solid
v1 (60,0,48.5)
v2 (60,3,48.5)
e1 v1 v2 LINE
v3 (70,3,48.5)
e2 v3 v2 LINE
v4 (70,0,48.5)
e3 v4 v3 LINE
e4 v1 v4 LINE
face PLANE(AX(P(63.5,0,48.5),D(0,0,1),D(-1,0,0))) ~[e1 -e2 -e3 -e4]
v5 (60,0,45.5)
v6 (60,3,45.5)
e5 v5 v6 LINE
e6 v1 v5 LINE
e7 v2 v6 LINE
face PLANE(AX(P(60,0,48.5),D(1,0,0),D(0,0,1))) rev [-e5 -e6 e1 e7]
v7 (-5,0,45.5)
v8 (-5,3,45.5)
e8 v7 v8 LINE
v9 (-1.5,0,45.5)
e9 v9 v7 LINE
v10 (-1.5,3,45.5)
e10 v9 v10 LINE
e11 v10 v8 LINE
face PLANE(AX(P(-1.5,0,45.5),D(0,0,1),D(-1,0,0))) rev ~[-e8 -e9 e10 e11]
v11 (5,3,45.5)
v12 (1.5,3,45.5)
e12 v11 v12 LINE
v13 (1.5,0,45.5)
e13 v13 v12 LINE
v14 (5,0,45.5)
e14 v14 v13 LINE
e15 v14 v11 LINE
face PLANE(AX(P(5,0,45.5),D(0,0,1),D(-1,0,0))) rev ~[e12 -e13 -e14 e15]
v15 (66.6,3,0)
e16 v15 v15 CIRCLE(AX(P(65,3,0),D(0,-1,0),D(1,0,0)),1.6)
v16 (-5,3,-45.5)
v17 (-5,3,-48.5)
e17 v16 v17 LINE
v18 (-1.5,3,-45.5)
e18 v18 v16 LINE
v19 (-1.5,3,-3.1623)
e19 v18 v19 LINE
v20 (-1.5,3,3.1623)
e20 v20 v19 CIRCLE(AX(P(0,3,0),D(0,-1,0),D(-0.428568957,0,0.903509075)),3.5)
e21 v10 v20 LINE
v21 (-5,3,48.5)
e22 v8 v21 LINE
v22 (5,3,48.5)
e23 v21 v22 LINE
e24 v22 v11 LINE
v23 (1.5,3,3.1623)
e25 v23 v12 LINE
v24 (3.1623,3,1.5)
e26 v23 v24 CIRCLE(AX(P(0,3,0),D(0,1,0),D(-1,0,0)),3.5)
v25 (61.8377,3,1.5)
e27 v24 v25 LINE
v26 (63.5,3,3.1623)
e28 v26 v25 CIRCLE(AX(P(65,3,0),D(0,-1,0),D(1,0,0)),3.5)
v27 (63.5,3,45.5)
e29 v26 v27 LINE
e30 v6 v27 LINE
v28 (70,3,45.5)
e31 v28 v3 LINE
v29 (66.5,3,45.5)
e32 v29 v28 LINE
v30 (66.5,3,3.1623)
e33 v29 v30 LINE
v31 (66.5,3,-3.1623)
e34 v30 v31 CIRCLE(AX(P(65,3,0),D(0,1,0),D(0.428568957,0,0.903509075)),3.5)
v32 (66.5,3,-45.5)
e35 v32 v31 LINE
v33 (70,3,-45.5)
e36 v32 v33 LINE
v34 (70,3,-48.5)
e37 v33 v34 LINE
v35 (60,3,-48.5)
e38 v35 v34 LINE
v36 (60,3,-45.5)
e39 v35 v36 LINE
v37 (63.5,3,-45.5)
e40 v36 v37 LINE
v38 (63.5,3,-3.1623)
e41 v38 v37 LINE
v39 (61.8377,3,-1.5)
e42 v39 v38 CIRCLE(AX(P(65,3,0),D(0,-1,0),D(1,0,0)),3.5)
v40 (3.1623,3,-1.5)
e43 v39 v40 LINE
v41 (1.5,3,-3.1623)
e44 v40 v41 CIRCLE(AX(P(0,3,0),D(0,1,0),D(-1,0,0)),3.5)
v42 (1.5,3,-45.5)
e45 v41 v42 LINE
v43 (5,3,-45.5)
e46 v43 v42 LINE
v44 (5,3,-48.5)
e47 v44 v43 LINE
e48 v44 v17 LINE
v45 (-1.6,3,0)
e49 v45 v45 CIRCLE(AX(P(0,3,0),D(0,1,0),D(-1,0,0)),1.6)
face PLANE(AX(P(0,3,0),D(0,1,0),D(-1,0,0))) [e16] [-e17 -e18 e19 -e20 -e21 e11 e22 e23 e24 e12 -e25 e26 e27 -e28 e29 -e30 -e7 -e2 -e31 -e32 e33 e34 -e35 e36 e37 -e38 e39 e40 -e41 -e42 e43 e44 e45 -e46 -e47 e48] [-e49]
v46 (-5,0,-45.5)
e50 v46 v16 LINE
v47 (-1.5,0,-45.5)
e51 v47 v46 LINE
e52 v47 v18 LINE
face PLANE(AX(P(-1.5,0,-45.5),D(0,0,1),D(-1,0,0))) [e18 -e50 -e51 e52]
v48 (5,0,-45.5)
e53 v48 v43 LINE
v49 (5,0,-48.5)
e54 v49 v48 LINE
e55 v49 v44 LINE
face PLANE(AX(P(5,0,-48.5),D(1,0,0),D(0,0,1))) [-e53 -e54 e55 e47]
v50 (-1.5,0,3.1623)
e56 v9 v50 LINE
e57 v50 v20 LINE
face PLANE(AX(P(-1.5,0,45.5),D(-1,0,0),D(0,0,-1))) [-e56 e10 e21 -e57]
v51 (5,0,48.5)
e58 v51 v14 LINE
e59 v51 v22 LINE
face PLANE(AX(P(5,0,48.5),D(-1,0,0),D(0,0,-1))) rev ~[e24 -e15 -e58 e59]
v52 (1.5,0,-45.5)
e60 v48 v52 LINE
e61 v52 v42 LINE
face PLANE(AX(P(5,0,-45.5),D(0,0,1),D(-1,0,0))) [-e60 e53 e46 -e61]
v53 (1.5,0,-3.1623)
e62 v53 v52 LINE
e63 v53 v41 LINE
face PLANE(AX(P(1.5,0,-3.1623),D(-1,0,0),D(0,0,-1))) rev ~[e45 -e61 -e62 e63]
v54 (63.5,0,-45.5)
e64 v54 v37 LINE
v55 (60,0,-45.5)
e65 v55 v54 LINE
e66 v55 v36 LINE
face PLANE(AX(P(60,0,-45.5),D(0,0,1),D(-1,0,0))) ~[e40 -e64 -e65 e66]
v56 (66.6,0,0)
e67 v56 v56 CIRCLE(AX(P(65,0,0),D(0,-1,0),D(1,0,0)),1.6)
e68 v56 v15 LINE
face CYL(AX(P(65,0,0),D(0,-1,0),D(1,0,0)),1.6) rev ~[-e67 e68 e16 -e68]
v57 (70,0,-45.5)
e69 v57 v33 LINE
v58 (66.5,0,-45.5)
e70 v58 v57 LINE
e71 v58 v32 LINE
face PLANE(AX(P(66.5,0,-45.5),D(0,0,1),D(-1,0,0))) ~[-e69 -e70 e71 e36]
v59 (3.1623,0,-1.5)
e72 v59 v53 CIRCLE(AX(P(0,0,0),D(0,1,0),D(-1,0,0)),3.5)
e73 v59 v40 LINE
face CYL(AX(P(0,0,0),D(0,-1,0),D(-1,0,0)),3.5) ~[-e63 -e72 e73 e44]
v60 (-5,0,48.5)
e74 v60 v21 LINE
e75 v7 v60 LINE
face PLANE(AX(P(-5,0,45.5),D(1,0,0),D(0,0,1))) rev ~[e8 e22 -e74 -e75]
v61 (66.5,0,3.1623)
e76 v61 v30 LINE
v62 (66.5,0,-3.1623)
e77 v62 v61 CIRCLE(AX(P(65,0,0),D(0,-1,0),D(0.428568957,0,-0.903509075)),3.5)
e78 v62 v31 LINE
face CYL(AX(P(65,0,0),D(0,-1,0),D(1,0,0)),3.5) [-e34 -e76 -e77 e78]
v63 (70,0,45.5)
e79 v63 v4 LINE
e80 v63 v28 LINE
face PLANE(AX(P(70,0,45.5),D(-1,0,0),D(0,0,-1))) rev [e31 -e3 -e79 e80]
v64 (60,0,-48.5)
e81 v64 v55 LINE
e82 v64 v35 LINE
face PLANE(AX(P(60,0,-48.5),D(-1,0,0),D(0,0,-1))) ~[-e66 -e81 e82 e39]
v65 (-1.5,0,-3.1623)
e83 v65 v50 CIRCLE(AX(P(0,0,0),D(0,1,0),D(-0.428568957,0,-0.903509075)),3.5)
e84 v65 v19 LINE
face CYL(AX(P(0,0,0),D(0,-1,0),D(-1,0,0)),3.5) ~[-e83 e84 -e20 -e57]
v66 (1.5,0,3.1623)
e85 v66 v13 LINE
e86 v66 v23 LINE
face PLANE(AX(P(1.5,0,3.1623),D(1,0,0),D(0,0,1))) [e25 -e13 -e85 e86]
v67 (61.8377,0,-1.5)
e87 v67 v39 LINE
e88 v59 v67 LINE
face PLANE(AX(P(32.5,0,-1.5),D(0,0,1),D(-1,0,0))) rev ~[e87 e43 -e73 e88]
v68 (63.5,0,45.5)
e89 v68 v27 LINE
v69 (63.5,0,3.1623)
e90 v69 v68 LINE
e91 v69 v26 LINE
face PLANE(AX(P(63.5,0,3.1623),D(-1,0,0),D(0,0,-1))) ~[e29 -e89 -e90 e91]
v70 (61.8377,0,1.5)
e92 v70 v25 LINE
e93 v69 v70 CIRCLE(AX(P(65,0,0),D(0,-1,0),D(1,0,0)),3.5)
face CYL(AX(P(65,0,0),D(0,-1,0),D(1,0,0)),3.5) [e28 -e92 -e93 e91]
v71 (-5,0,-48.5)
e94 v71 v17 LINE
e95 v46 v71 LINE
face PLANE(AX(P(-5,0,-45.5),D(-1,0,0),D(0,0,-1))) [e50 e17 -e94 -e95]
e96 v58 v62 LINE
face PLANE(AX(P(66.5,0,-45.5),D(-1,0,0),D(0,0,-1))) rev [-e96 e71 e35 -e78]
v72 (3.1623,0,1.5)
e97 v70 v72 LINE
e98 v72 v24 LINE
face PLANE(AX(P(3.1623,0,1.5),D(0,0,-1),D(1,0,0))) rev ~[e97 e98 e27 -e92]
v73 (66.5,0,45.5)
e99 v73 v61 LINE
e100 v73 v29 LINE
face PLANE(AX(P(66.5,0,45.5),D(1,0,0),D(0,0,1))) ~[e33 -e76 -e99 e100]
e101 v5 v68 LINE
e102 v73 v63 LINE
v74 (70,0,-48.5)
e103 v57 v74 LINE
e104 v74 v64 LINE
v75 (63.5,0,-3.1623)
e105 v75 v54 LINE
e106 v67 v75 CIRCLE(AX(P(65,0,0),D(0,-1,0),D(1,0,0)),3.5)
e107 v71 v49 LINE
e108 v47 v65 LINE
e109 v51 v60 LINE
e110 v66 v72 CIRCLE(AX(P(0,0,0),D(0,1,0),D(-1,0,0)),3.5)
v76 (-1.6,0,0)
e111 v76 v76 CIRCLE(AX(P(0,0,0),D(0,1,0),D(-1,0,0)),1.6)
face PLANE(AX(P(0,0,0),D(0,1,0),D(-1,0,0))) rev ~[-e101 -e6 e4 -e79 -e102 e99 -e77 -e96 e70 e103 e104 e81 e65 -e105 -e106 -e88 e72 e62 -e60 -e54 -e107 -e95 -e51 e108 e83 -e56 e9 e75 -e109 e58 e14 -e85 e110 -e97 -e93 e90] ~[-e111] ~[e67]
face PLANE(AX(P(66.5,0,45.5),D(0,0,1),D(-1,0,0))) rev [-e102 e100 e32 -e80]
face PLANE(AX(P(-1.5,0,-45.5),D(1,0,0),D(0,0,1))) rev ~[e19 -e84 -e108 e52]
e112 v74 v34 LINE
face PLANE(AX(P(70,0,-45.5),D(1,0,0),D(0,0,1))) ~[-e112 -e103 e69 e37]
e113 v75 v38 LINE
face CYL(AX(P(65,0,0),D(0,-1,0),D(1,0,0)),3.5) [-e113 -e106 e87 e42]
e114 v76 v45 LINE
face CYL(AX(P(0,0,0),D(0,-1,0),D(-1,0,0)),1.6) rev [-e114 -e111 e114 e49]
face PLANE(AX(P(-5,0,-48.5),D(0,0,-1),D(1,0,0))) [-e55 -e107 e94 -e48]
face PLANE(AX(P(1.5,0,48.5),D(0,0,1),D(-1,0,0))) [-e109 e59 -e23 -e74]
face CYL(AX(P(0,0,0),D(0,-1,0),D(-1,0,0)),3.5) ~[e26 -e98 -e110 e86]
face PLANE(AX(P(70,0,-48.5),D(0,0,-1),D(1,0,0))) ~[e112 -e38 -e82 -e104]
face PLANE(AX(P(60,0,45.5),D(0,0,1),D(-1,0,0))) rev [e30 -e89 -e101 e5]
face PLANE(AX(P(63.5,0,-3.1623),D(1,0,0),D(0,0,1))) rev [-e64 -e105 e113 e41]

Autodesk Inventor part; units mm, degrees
ref_plane "YZ Plane" through (0, 0, 0) normal (1, 0, 0) x (0, 1, 0)
ref_plane "XZ Plane" through (0, 0, 0) normal (0, 1, 0) x (-1, 0, 0)
ref_plane "XY Plane" through (0, 0, 0) normal (0, 0, 1) x (1, 0, 0)
sketch "Skizze1" plane through (0, 0, 0) normal (0, 1, 0) x (-1, 0, 0)
  circle A0 centre (0, 0) radius 1.6
  circle A1 centre (0, 0) radius 3.5
  line L0 (-1.5, 3.1623) -> (-1.5, 48.5)
  line L1 (-1.5, 48.5) -> (1.5, 48.5)
  line L2 (1.5, 48.5) -> (1.5, 3.1623)
  line L3 (0, -67.9) -> (0, 67.9) construction
  line L4 (-40, 0) -> (12.5, 0) construction
  line L5 (-5, 45.5) -> (5, 45.5)
  line L6 (5, 45.5) -> (5, 48.5)
  line L7 (5, 48.5) -> (-5, 48.5)
  line L8 (-5, 48.5) -> (-5, 45.5)
  line L9 (-5, 45.5) -> (5, 48.5) construction
  line L10 (5, 45.5) -> (-5, 48.5) construction
  line L11 (-1.5, -3.1623) -> (-1.5, -48.5)
  line L12 (-1.5, -48.5) -> (1.5, -48.5)
  line L13 (1.5, -48.5) -> (1.5, -3.1623)
  line L14 (-5, -45.5) -> (5, -45.5)
  line L15 (5, -45.5) -> (5, -48.5)
  line L16 (5, -48.5) -> (-5, -48.5)
  line L17 (-5, -48.5) -> (-5, -45.5)
  line L18 (-5, -45.5) -> (5, -48.5) construction
  line L19 (5, -45.5) -> (-5, -48.5) construction
  line L20 (-3.1623, 1.5) -> (-32.5, 1.5)
  line L21 (-32.5, 1.5) -> (-32.5, -1.5)
  line L22 (-32.5, -1.5) -> (-3.1623, -1.5)
  line L23 (-3.1623, -1.5) -> (-3.1623, 1.5)
  point P0 (0, 47)
  point P1 (0, -47)
  point P2 (-3.1623, -1.5)
  point P3 (-1.5, -45.5)
  point P4 (1.5, -45.5)
  point P5 (1.5, -3.1623)
  point P6 (1.5, 45.5)
  point P7 (-1.5, 45.5)
  dimension "d0" = 3.2
  dimension "d1" = 7
  dimension "d2" = 3
  dimension "d3" = 48.5
  dimension "d4" = 3
  dimension "d5" = 10
  dimension "d6" = 3
  dimension "d7" = 32.5
extrude "Extrusion1" add sketch "Skizze1" along normal blind 3
mirror "Spiegeln1" about plane through (32.5, 0, 1.5) normal (1, 0, 0)
properties part number "RSP-Spacer"
